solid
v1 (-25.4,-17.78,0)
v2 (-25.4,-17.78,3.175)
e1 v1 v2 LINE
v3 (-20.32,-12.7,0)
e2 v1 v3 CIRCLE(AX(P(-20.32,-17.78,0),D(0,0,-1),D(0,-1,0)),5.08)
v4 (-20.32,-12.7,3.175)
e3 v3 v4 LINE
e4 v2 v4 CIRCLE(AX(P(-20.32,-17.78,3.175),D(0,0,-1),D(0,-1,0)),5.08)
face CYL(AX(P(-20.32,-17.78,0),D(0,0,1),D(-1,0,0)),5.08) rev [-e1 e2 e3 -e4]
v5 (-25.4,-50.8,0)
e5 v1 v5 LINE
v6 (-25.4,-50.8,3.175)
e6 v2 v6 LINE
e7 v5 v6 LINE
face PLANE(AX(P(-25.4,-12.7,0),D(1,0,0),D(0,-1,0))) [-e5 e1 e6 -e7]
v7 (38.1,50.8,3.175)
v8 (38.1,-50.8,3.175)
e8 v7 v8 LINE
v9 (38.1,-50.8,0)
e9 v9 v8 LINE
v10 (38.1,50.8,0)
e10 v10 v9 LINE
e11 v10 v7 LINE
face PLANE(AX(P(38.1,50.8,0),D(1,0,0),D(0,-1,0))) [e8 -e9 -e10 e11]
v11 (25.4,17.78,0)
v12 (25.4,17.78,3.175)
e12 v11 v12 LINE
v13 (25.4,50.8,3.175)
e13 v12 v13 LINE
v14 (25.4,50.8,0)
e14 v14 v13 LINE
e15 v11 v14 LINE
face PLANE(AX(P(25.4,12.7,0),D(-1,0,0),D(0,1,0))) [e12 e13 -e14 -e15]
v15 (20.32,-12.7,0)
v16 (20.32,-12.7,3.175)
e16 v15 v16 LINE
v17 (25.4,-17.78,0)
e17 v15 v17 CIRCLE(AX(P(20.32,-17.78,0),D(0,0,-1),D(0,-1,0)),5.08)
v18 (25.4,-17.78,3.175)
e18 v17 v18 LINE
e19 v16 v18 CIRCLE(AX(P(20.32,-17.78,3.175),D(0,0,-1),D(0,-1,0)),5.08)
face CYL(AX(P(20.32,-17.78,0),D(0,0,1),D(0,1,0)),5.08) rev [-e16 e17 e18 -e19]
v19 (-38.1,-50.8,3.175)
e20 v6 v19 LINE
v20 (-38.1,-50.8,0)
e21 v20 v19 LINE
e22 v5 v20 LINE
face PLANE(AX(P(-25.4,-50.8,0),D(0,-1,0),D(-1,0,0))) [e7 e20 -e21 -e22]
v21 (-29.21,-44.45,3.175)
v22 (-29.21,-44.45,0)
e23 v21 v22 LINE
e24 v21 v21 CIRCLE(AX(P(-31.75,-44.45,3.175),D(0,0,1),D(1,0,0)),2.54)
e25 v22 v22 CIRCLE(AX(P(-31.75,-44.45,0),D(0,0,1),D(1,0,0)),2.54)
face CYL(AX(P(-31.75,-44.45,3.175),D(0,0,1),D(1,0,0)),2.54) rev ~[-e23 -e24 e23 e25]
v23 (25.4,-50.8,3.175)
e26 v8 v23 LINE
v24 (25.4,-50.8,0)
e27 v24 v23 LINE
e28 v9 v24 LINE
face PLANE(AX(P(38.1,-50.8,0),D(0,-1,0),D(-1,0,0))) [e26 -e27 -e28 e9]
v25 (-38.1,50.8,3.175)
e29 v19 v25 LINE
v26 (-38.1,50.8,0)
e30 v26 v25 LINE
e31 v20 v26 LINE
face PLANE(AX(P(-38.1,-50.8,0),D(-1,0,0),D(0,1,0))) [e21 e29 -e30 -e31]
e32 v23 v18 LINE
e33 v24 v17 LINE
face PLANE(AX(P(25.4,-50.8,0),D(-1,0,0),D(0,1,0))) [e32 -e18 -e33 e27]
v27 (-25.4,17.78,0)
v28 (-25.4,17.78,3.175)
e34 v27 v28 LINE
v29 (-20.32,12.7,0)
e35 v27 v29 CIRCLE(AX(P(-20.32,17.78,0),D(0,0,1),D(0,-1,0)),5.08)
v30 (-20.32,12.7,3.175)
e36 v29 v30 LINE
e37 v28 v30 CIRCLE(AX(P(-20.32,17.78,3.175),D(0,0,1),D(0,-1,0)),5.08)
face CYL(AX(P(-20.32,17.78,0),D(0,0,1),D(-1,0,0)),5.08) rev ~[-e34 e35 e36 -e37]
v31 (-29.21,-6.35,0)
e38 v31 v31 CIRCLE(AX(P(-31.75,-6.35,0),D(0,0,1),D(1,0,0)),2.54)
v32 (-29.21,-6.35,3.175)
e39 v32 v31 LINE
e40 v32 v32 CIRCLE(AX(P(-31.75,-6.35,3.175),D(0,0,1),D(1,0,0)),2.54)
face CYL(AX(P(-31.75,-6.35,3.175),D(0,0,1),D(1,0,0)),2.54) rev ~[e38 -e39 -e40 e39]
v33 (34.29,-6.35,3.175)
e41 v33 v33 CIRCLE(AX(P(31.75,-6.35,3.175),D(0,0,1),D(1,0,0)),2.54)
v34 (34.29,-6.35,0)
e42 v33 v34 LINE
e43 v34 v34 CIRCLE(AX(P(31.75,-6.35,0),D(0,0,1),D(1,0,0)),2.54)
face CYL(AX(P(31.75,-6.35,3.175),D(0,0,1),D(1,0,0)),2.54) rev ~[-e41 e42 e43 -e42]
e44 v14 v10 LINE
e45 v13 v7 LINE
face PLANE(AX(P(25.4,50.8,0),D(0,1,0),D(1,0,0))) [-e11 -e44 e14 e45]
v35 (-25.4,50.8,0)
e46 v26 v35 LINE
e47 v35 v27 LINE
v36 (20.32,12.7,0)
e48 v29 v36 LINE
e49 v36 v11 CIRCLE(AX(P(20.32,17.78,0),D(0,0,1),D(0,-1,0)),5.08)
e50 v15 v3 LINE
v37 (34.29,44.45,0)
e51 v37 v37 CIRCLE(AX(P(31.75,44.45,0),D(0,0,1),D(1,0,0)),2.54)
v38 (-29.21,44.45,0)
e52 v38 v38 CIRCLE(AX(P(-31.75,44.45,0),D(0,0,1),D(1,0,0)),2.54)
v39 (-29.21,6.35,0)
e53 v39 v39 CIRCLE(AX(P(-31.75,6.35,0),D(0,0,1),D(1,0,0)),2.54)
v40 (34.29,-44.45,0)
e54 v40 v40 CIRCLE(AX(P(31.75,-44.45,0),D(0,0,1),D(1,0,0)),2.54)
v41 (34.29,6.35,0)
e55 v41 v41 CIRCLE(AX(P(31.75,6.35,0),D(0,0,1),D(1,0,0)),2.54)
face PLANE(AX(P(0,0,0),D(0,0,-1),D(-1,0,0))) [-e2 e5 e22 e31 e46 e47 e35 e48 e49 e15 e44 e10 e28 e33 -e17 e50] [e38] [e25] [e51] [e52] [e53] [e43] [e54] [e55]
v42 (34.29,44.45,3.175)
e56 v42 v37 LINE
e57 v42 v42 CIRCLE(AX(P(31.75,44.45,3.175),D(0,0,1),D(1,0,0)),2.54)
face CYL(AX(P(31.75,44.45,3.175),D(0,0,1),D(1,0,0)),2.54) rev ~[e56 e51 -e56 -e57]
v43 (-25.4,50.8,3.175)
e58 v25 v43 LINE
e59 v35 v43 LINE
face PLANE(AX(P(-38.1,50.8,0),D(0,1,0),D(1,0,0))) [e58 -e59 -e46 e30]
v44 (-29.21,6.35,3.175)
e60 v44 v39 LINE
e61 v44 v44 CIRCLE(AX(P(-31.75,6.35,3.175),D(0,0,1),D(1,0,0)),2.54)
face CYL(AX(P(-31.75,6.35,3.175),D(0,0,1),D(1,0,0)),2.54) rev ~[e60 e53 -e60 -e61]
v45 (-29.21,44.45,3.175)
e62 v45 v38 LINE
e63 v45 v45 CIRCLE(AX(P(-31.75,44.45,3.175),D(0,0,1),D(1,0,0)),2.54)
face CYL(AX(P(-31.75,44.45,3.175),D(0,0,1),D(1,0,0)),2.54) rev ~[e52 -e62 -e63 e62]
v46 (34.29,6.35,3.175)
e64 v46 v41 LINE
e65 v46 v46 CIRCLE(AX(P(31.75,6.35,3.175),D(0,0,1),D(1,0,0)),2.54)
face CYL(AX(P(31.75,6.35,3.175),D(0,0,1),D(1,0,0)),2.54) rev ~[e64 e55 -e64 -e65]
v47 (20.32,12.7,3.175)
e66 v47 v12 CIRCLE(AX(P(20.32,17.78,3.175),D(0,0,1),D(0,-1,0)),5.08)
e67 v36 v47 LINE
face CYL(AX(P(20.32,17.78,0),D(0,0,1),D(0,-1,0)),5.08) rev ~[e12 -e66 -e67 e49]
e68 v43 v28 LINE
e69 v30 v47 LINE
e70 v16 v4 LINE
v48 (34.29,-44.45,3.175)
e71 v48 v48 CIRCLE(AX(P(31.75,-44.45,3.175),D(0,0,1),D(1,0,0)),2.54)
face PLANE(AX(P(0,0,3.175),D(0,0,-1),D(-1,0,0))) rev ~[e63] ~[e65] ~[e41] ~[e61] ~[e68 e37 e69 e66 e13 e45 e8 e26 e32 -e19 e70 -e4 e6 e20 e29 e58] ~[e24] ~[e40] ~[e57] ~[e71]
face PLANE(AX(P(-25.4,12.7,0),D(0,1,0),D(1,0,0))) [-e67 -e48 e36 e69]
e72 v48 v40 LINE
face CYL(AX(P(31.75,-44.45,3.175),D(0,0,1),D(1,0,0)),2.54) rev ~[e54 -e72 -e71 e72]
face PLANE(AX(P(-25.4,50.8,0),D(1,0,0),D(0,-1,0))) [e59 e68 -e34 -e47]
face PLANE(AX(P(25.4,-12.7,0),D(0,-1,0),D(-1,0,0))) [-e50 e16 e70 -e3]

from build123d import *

# Parameters (mm, degrees)
BOSS_EXTRUDE1_DEPTH = 3.175
SKETCH4_R           = 2.54
CUT_EXTRUDE3_DEPTH  = 4.175
FILLET1_R           = 5.08


with BuildPart() as part:
    # Sketch1 → Boss-Extrude1 (new body)
    with BuildSketch(Plane.XY):
        Polygon((-38.1, 50.8), (-25.4, 50.8), (-25.4, 12.7), (25.4, 12.7), (25.4, 50.8), (38.1, 50.8), (38.1, -50.8), (25.4, -50.8), (25.4, -12.7), (-25.4, -12.7), (-25.4, -50.8), (-38.1, -50.8), align=None)
    extrude(amount=BOSS_EXTRUDE1_DEPTH)

    # Sketch4 → Cut-Extrude3 (cut, through all)
    with BuildSketch(Plane.XY.offset(3.175)):
        with Locations((-31.75, 44.45)):
            Circle(SKETCH4_R)
        with Locations((-31.75, 6.35)):
            Circle(SKETCH4_R)
        with Locations((31.75, 6.35)):
            Circle(SKETCH4_R)
        with Locations((31.75, 44.45)):
            Circle(SKETCH4_R)
        with Locations((-31.75, -6.35)):
            Circle(SKETCH4_R)
        with Locations((31.75, -6.35)):
            Circle(SKETCH4_R)
        with Locations((31.75, -44.45)):
            Circle(SKETCH4_R)
        with Locations((-31.75, -44.45)):
            Circle(SKETCH4_R)
    extrude(amount=-CUT_EXTRUDE3_DEPTH, mode=Mode.SUBTRACT)

    # Fillet1
    fillet1_edges = [part.edges().sort_by_distance(p)[0] for p in [
        (25.4, -12.7, 1.5875),
        (-25.4, -12.7, 1.5875),
        (-25.4, 12.7, 1.5875),
        (25.4, 12.7, 1.5875),
    ]]
    fillet(fillet1_edges, radius=FILLET1_R)


solid = part.part
